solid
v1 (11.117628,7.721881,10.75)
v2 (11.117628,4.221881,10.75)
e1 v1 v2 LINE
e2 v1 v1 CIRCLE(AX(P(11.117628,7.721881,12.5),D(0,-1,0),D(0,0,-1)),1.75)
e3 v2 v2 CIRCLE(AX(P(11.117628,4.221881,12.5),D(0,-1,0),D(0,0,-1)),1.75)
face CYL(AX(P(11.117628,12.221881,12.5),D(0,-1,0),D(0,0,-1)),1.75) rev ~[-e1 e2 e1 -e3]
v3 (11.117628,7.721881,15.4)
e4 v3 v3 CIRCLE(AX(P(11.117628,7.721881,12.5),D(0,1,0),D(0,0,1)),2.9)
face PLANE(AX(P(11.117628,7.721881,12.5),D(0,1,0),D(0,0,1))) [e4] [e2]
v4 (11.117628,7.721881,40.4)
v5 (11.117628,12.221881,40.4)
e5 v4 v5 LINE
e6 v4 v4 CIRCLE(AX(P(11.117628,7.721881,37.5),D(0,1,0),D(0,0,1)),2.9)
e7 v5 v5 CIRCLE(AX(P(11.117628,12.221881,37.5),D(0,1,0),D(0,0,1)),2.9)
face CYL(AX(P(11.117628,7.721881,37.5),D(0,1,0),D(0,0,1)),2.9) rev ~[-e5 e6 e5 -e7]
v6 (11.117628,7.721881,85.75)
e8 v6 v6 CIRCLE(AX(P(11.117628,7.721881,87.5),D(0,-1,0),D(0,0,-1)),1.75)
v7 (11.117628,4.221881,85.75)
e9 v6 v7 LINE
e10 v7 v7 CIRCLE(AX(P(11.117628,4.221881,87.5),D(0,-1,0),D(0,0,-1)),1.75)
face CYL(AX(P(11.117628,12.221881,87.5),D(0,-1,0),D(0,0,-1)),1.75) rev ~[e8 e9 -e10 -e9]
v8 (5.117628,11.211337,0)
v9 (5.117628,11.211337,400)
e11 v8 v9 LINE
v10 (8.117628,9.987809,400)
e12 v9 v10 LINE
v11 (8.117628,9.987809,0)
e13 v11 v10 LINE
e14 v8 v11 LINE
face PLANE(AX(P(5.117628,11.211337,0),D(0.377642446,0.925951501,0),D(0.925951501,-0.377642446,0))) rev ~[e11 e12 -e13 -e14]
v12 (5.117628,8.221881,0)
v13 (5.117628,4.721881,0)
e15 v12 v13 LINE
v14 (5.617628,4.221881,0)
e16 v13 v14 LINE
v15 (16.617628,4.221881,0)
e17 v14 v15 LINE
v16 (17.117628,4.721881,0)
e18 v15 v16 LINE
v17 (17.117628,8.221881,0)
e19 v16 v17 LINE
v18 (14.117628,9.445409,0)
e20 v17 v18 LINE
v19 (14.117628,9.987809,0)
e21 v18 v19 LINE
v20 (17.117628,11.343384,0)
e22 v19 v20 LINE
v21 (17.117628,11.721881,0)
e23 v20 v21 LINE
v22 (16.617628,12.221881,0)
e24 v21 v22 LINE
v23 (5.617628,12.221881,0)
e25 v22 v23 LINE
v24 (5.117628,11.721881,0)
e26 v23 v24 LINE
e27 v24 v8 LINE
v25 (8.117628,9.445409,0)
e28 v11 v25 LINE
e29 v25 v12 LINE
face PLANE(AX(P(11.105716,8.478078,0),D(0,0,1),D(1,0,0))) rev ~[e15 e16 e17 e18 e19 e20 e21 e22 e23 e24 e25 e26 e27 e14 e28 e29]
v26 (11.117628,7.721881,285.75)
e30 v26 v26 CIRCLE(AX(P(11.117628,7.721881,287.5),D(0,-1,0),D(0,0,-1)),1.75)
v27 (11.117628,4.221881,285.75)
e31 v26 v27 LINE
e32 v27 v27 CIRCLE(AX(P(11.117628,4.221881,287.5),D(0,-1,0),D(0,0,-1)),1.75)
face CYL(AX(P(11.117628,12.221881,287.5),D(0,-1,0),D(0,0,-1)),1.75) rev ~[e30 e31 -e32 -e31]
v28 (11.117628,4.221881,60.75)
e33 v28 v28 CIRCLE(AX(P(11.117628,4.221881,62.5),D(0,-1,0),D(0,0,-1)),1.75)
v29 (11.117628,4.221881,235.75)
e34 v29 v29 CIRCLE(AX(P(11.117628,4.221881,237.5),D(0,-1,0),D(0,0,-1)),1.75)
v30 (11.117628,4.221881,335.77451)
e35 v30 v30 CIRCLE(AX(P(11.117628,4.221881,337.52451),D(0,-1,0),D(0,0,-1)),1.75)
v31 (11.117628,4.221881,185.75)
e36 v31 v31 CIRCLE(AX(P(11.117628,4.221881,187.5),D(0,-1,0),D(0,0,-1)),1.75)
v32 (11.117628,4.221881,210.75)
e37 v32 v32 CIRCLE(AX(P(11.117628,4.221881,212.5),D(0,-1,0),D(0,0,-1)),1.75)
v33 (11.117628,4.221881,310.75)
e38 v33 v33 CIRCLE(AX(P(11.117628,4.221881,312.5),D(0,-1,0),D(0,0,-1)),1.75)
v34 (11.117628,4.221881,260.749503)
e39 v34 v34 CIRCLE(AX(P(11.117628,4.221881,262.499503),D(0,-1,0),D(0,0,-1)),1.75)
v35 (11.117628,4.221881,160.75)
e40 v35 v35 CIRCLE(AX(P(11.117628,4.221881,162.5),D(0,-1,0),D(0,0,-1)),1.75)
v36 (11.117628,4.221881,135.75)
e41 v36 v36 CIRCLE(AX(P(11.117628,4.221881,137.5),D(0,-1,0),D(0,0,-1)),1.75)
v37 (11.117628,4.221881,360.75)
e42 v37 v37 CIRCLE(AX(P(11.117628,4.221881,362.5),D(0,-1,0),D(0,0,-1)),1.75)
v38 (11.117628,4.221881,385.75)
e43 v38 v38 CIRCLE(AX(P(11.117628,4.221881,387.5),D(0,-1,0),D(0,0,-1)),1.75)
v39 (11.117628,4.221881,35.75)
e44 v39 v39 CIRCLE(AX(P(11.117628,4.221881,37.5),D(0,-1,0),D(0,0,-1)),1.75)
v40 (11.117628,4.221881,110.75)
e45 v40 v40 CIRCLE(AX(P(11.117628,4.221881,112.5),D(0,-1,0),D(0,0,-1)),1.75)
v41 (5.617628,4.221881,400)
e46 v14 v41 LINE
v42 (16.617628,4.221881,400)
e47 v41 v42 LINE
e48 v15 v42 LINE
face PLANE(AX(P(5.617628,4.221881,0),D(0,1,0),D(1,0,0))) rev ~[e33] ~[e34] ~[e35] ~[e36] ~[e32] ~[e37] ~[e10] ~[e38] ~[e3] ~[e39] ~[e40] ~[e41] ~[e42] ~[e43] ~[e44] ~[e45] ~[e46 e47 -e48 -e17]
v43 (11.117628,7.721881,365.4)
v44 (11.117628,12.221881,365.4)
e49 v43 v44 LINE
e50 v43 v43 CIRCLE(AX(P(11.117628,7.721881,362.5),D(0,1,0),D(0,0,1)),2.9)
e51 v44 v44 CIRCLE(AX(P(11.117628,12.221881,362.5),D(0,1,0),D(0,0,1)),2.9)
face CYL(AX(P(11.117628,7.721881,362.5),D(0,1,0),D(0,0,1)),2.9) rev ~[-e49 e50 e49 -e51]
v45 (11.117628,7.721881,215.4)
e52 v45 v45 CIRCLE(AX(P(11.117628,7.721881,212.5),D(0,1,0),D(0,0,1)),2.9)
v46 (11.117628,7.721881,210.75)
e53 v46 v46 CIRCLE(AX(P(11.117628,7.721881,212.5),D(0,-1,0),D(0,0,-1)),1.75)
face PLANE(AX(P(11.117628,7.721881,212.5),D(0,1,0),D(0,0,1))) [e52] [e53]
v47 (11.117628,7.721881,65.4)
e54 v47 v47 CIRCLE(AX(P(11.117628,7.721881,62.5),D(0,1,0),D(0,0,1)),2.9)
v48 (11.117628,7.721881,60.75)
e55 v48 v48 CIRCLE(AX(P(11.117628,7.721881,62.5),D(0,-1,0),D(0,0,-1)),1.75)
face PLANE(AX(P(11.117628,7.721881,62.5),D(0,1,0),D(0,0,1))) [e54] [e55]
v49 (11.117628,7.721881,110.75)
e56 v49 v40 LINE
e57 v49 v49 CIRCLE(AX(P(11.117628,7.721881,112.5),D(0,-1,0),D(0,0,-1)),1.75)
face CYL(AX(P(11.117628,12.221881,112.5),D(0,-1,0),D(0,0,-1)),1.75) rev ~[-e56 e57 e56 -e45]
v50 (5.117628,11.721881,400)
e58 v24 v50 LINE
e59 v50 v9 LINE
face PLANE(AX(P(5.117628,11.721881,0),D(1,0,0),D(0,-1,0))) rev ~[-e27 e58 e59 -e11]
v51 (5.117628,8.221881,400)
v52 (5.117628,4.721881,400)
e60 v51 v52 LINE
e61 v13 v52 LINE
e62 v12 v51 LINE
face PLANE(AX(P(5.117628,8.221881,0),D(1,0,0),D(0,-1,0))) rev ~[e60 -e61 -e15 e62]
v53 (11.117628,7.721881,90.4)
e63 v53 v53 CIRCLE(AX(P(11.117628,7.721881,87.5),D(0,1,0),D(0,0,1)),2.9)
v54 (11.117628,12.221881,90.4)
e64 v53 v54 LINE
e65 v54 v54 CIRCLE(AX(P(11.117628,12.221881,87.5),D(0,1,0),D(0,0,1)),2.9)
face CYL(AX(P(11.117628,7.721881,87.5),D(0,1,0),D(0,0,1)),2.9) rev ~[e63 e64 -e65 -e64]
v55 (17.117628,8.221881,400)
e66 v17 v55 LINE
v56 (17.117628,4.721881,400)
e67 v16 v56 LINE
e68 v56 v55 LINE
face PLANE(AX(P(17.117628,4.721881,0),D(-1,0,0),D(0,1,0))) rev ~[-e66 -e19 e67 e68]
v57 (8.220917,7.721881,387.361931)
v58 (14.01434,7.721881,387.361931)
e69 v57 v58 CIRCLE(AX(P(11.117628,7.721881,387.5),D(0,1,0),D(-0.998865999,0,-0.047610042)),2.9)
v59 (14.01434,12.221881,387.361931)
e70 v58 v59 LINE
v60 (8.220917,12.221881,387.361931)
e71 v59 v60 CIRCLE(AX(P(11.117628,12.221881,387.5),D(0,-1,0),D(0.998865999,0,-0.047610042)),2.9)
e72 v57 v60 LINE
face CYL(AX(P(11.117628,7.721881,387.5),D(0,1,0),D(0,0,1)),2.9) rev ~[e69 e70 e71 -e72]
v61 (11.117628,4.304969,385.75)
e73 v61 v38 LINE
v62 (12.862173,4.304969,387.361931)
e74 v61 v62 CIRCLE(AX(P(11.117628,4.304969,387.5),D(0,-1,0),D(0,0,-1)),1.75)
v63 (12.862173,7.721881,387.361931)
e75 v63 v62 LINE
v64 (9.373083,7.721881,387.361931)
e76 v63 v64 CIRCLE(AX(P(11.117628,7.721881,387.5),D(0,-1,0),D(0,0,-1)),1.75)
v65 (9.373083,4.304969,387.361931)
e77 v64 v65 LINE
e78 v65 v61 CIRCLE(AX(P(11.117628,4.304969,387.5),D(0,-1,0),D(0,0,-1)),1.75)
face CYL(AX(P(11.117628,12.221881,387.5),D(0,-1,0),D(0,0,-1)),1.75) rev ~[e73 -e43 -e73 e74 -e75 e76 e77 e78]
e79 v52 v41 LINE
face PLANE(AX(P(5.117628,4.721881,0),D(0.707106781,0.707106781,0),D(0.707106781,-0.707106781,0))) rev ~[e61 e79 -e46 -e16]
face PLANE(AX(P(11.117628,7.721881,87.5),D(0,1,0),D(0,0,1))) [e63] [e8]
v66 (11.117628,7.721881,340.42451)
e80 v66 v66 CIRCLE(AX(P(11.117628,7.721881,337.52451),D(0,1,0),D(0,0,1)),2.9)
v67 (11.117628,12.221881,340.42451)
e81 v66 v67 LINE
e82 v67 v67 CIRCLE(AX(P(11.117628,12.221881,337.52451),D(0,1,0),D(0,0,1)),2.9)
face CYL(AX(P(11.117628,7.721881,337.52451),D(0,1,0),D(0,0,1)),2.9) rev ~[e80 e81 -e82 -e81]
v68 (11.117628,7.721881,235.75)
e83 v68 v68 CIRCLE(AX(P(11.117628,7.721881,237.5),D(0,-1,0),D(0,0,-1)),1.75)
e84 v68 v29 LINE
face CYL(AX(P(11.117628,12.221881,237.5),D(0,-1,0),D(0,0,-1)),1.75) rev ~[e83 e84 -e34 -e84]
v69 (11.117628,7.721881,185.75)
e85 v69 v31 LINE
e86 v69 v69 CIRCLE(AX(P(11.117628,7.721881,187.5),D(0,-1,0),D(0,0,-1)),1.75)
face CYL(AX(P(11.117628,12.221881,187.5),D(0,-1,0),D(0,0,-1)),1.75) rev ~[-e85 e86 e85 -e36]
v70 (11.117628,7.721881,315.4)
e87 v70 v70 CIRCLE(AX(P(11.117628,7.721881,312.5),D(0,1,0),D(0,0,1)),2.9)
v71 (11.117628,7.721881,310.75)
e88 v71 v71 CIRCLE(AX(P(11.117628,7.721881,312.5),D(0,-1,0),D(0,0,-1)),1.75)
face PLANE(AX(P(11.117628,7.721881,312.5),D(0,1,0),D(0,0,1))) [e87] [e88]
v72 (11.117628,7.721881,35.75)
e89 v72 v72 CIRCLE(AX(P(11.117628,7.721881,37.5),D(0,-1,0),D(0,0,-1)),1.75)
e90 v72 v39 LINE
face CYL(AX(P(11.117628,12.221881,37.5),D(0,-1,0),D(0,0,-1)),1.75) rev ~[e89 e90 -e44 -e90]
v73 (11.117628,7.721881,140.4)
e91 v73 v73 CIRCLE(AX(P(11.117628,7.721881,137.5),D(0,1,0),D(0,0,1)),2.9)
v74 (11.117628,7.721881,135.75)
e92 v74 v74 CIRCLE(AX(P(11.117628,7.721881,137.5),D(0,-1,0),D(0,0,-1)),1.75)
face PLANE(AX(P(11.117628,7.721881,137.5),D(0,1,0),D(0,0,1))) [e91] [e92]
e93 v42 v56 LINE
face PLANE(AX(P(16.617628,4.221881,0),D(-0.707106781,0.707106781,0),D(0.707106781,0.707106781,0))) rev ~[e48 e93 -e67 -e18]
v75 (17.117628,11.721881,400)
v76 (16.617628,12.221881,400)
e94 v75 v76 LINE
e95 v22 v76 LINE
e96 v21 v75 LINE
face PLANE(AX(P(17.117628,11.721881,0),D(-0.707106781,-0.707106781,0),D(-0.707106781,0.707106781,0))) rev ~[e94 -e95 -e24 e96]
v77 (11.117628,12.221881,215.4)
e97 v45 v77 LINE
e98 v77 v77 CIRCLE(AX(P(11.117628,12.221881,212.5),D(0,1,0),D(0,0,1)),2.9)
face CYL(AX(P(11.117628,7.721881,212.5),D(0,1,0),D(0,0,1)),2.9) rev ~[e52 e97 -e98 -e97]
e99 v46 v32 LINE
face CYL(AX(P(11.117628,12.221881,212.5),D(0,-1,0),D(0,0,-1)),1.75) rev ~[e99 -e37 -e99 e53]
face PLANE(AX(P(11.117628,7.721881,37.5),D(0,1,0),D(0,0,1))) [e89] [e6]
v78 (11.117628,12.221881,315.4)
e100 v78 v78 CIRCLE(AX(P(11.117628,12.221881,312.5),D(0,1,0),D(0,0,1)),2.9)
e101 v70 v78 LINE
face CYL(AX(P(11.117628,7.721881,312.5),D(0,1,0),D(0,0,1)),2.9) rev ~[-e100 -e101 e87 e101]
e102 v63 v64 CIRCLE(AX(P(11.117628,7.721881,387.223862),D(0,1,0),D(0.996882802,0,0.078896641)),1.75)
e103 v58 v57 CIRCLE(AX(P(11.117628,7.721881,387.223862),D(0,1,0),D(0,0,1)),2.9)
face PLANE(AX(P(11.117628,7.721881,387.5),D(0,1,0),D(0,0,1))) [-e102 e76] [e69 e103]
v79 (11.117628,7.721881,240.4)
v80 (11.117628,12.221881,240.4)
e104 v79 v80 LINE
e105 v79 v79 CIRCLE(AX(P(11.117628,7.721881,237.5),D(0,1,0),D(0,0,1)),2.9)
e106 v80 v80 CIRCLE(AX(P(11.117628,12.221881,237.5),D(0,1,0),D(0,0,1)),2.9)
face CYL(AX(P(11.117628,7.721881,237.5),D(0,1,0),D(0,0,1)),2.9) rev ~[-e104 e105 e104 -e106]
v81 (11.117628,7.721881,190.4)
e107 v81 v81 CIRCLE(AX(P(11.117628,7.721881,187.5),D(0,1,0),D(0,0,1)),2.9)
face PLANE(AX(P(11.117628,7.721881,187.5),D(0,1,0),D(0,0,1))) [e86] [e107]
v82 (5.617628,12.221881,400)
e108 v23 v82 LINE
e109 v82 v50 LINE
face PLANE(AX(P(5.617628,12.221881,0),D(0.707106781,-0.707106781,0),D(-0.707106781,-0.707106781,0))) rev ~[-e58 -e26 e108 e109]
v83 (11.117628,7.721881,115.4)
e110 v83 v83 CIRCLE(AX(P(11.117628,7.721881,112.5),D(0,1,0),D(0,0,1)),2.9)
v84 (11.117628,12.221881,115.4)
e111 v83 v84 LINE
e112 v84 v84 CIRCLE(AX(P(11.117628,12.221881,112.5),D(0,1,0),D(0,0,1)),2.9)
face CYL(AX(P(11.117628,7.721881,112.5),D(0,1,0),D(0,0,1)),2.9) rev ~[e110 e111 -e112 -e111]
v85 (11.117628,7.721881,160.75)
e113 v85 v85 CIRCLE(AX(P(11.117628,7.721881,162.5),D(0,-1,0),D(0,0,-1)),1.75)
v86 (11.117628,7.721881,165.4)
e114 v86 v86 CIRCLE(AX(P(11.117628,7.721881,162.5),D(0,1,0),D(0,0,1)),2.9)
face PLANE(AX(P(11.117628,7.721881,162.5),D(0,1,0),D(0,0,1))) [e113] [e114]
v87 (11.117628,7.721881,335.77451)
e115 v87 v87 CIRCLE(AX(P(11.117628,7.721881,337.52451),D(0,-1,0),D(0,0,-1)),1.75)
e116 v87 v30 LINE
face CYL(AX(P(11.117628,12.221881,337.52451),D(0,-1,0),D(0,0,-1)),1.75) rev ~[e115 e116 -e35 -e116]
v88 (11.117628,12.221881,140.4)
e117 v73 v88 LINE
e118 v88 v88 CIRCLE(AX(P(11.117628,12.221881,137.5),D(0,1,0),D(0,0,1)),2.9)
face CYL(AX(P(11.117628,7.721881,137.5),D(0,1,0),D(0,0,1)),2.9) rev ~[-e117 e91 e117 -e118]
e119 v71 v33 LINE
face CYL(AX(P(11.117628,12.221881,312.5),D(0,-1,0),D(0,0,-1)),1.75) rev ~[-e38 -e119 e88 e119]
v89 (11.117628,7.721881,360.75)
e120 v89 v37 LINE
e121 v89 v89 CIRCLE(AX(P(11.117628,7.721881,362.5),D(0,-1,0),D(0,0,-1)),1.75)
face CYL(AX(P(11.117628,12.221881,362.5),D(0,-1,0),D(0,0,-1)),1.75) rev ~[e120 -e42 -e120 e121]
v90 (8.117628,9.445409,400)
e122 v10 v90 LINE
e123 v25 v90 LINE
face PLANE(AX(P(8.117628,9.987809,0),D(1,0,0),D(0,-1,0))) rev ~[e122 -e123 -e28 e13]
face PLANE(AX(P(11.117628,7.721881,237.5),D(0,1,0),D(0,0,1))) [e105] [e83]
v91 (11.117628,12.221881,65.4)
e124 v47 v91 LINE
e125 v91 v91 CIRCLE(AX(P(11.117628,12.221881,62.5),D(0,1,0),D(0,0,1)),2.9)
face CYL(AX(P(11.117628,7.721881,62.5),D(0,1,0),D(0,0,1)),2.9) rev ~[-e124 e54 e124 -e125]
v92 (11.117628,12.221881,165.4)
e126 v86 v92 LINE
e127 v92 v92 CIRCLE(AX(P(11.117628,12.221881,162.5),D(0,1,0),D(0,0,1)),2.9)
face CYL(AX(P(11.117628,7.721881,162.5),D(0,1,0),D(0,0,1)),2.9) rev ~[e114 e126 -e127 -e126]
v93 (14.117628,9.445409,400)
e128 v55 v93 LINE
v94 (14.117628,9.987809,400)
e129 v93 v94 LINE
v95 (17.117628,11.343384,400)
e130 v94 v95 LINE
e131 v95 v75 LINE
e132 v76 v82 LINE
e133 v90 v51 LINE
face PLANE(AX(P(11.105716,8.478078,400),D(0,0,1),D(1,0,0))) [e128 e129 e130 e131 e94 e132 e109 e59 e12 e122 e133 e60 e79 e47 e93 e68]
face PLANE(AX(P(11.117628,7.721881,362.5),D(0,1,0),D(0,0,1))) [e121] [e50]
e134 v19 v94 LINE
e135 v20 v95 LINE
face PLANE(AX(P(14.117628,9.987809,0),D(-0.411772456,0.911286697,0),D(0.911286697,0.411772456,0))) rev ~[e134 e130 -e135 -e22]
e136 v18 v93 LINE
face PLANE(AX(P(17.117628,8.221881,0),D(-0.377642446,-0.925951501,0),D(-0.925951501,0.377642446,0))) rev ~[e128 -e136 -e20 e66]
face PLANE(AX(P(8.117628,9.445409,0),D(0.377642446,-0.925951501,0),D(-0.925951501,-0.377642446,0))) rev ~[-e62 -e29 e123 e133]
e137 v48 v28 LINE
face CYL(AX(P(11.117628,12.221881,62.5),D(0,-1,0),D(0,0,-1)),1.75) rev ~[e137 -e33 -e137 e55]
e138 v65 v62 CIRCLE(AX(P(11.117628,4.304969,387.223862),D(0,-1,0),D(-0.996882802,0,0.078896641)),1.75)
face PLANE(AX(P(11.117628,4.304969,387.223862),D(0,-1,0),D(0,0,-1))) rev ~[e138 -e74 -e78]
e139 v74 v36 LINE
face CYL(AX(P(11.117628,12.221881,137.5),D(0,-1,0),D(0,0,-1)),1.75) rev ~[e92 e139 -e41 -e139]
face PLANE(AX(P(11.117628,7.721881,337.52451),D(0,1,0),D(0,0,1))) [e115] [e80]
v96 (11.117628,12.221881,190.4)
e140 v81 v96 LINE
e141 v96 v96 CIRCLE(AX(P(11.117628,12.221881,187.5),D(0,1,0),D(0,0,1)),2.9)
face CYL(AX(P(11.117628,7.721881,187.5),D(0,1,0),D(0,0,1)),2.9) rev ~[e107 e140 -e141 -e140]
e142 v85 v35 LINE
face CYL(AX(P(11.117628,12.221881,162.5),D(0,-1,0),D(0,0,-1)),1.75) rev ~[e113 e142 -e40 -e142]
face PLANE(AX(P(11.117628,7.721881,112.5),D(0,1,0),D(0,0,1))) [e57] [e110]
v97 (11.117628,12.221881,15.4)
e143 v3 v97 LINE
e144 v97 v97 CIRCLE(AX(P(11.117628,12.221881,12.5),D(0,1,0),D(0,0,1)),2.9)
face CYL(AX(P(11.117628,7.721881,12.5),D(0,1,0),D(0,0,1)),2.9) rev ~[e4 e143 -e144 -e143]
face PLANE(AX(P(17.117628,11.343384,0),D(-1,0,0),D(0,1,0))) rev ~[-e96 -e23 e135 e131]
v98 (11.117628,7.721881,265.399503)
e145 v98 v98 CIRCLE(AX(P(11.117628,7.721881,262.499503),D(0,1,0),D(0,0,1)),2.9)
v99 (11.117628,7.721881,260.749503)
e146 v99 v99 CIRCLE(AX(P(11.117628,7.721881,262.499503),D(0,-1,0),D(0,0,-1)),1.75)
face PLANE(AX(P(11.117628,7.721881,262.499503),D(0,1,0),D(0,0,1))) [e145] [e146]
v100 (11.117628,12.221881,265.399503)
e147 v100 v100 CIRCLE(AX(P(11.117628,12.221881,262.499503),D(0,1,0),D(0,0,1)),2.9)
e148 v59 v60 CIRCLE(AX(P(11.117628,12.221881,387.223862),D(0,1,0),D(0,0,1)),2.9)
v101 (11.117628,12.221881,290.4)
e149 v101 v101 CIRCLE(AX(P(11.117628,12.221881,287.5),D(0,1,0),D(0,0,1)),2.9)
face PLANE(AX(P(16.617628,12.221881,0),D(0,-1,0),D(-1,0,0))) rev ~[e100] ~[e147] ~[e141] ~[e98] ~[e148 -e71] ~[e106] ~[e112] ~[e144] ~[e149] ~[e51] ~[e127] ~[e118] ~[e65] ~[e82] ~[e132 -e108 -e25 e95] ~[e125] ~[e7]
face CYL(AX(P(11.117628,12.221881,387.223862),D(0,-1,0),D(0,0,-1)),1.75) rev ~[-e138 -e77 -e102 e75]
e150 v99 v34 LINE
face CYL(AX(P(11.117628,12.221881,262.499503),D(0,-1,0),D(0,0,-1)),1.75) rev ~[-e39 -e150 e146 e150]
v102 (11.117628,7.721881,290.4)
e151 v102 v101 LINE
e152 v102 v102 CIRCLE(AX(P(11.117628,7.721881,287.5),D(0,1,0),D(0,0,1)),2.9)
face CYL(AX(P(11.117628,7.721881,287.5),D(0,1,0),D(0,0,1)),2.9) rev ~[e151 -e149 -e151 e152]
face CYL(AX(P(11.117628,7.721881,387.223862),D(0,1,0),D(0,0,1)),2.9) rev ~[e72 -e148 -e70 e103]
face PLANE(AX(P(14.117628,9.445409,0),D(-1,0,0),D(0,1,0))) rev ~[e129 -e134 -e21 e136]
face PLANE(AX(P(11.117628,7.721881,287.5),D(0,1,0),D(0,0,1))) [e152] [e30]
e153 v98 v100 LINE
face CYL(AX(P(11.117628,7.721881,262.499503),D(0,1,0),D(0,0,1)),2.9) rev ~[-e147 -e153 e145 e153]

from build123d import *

# Parameters (mm, degrees)
EXTRUDE_1_DEPTH           = 400
HOLE_WIZARD_4_D           = 3.5
HOLE_WIZARD_4_CBORE_D     = 5.8
HOLE_WIZARD_4_CBORE_DEPTH = 4.5
HOLE_WIZARD_3_D           = 3.5
HOLE_WIZARD_3_DEPTH       = 7.916912277
HOLE_WIZARD_3_CBORE_D     = 5.8
HOLE_WIZARD_3_CBORE_DEPTH = 4.5


with BuildPart() as part:
    # 草图1 → 凸台-拉伸1 (new body)
    with BuildSketch(Plane.XY):
        Polygon((5.617628384, 4.221881307), (16.617628384, 4.221881307), (17.117628384, 4.721881307), (17.117628384, 8.221881307), (14.117628384, 9.445409037), (14.117628384, 9.987809251), (17.117628384, 11.343384147), (17.117628384, 11.721881307), (16.617628384, 12.221881307), (5.617628384, 12.221881307), (5.117628384, 11.721881307), (5.117628384, 11.211336981), (8.117628384, 9.987809251), (8.117628384, 9.445409037), (5.117628384, 8.221881307), (5.117628384, 4.721881307), align=None)
    extrude(amount=EXTRUDE_1_DEPTH)

    # 孔4 (through all)
    with Locations(Plane(origin=(11.117628384, 12.221881307, 387.5), x_dir=(0, 0, 1), z_dir=(0, 1, 0))):
        with Locations((0, 0), (-25, 0), (-49.975489716, 0), (-75, 0), (-100, 0), (-125.000497417, 0), (-150, 0), (-175, 0), (-200, 0), (-225, 0), (-250, 0), (-275, 0), (-300, 0), (-325, 0), (-350, 0), (-375, 0)):
            CounterBoreHole(HOLE_WIZARD_4_D / 2, HOLE_WIZARD_4_CBORE_D / 2, HOLE_WIZARD_4_CBORE_DEPTH)

    # 孔3
    with Locations(Plane(origin=(11.117628384, 12.221881307, 387.223861755), x_dir=(0, 0, 1), z_dir=(0, 1, 0))):
        with Locations((0, 0)):
            CounterBoreHole(HOLE_WIZARD_3_D / 2, HOLE_WIZARD_3_CBORE_D / 2, HOLE_WIZARD_3_CBORE_DEPTH, depth=HOLE_WIZARD_3_DEPTH)


solid = part.part
